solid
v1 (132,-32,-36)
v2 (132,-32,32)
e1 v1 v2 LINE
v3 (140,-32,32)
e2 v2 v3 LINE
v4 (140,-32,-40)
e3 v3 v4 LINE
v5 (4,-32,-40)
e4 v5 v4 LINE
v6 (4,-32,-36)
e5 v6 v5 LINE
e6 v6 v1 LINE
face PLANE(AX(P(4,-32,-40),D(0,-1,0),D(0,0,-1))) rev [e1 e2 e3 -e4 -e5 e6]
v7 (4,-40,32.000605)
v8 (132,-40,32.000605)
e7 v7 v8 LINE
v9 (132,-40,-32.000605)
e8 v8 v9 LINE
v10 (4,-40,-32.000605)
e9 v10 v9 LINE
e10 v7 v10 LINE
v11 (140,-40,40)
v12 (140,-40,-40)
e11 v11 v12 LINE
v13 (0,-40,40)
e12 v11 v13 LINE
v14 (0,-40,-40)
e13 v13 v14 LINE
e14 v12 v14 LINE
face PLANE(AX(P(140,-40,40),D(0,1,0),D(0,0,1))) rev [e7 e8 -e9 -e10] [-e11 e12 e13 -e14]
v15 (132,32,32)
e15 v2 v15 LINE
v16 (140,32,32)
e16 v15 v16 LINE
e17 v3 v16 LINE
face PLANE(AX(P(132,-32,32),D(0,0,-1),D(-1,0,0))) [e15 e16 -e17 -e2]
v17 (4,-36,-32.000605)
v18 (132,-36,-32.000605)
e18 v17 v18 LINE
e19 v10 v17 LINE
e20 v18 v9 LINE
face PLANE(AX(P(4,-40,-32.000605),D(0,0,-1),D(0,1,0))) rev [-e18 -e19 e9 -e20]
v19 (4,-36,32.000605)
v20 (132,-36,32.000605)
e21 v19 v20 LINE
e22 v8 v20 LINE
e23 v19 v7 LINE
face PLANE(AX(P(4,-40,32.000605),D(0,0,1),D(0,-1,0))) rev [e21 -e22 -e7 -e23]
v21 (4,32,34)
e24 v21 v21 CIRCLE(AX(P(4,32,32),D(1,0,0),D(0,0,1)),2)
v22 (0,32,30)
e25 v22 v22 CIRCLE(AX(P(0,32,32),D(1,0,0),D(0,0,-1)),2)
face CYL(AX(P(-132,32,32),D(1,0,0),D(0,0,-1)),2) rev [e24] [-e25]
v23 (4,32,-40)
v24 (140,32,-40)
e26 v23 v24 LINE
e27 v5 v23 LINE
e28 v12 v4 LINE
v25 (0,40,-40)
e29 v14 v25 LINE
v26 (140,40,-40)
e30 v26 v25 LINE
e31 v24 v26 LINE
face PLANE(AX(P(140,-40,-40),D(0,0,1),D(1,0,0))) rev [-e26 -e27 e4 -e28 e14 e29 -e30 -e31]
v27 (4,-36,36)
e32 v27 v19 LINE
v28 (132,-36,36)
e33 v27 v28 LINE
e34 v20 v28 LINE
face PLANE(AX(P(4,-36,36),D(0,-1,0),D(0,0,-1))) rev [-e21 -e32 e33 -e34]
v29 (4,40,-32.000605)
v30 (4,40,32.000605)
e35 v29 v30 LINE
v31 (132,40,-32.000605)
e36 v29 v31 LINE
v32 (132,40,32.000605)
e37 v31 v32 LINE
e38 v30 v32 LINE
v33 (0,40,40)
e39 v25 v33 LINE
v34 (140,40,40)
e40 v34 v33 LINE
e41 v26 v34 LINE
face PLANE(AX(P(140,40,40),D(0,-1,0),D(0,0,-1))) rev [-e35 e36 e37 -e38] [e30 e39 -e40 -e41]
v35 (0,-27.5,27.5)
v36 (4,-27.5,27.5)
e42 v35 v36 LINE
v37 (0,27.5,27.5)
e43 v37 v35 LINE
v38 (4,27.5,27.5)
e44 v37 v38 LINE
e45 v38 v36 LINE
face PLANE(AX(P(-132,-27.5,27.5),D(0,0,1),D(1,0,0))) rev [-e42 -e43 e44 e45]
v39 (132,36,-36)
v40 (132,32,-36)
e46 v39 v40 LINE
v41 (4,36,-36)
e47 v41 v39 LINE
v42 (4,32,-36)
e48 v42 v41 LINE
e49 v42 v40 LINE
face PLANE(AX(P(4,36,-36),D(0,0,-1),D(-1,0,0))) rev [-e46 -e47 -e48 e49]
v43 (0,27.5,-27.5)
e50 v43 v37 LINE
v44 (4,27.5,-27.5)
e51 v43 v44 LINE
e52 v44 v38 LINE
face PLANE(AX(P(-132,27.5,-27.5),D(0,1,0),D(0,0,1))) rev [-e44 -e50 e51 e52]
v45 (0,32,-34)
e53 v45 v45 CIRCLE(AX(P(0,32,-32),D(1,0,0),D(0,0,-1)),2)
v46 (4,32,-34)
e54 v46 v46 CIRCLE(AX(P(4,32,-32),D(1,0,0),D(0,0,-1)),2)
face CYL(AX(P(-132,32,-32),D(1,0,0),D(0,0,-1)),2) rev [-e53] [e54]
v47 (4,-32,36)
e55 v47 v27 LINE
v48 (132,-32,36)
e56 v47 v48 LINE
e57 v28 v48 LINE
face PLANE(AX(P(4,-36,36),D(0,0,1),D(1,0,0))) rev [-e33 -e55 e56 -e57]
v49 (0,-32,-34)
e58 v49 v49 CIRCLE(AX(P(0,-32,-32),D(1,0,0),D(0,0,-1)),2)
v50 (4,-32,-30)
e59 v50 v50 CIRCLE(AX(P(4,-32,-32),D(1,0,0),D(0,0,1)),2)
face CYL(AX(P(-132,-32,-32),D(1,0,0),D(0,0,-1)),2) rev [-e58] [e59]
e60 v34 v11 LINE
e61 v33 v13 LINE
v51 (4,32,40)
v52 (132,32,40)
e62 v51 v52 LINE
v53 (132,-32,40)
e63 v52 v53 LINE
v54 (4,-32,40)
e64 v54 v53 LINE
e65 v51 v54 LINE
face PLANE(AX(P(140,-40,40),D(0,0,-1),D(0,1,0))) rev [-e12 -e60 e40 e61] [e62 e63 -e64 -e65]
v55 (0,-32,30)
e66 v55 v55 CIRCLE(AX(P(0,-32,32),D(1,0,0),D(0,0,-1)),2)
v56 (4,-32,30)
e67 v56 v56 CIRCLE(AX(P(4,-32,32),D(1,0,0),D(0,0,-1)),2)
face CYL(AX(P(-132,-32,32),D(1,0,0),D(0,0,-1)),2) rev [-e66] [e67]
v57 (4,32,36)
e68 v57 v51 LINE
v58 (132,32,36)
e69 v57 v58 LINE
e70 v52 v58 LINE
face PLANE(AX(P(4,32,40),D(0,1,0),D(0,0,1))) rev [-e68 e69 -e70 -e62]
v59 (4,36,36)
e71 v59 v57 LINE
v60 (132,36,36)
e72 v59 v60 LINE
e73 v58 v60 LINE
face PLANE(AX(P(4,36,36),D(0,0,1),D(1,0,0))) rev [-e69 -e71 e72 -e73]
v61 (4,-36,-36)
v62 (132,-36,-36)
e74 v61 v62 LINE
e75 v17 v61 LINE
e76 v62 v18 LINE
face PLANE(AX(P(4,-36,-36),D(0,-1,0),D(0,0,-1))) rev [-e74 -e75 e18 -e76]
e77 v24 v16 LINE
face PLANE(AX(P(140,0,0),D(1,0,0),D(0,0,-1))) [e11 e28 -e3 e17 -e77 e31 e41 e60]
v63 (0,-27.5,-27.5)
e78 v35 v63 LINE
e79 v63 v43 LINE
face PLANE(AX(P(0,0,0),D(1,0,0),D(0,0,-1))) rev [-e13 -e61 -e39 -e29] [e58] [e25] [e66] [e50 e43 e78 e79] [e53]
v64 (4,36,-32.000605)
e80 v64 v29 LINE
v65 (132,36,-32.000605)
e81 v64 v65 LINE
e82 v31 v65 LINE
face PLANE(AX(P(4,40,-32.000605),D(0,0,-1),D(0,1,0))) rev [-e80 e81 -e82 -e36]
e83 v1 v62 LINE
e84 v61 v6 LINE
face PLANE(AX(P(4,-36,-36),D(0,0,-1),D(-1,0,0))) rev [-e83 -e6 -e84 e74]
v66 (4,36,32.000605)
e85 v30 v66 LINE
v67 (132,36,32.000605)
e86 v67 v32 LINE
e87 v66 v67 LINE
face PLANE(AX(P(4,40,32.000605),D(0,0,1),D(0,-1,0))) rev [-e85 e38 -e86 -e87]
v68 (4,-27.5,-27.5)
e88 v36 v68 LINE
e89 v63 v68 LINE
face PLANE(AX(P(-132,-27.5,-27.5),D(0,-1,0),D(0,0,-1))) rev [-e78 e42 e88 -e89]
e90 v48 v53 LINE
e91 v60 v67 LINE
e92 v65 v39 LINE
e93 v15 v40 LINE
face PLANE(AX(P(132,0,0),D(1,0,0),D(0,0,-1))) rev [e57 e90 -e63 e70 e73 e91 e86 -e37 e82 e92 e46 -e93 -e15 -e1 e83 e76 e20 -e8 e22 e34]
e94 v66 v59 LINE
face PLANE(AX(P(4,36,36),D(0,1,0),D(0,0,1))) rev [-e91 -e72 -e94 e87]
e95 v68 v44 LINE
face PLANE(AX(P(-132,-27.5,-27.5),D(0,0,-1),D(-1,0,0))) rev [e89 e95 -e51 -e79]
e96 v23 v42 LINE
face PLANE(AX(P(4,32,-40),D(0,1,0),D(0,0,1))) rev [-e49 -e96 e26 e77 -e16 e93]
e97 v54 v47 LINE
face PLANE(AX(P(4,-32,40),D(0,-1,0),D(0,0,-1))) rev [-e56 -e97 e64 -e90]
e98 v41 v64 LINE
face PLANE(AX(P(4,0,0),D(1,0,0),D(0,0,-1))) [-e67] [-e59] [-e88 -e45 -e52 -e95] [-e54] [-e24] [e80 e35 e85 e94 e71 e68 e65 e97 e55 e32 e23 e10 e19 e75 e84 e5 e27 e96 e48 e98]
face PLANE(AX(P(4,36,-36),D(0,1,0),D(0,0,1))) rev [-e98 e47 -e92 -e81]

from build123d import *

# Parameters (mm, degrees)
CROQUIS1_W              = 80
CROQUIS1_H              = 80
SALIENTE_EXTRUIR1_DEPTH = 140
CORTAR_EXTRUIR3_DEPTH   = 136
CROQUIS8_R              = 2
CROQUIS8_W              = 55
CROQUIS8_H              = 55
CORTAR_EXTRUIR4_DEPTH   = 136
SALIENTE_EXTRUIR4_DEPTH = 8


with BuildPart() as part:
    # Croquis1 → Saliente-Extruir1 (new body)
    with BuildSketch(Plane.YZ):
        Rectangle(CROQUIS1_W, CROQUIS1_H)
    extrude(amount=SALIENTE_EXTRUIR1_DEPTH)

    # Croquis7 → Cortar-Extruir3 (cut)
    with BuildSketch(Plane.YZ.offset(140)):
        Polygon((-40, 32.000605379), (-36, 32.000605379), (-36, 36), (-32, 36), (-32, 40), (32, 40), (32, 36), (36, 36), (36, 32.000605379), (40, 32.000605379), (40, -32.000605379), (36, -32.000605379), (36, -36), (32, -36), (32, -40), (-32, -40), (-32, -36), (-36, -36), (-36, -32.000605379), (-40, -32.000605379), align=None)
    extrude(amount=-CORTAR_EXTRUIR3_DEPTH, mode=Mode.SUBTRACT)

    # Croquis8 → Cortar-Extruir4 (cut)
    with BuildSketch(Plane.YZ.offset(4)):
        with Locations(Location((-32, 32, 0), (0, 0, 270))):
            Circle(CROQUIS8_R)
        with Locations(Location((-32, -32, 0), (0, 0, 270))):
            Circle(CROQUIS8_R)
        with Locations(Location((32, -32, 0), (0, 0, 270))):
            Circle(CROQUIS8_R)
        with Locations(Location((32, 32, 0), (0, 0, 270))):
            Circle(CROQUIS8_R)
        Rectangle(CROQUIS8_W, CROQUIS8_H)
    extrude(amount=-CORTAR_EXTRUIR4_DEPTH, mode=Mode.SUBTRACT)

    # Croquis9 → Saliente-Extruir4 (add)
    with BuildSketch(Plane.YZ.offset(140)):
        Polygon((32, -40), (40, -40), (40, 40), (-40, 40), (-40, -40), (-32, -40), (-32, 32), (32, 32), align=None)
    extrude(amount=-SALIENTE_EXTRUIR4_DEPTH)


solid = part.part
